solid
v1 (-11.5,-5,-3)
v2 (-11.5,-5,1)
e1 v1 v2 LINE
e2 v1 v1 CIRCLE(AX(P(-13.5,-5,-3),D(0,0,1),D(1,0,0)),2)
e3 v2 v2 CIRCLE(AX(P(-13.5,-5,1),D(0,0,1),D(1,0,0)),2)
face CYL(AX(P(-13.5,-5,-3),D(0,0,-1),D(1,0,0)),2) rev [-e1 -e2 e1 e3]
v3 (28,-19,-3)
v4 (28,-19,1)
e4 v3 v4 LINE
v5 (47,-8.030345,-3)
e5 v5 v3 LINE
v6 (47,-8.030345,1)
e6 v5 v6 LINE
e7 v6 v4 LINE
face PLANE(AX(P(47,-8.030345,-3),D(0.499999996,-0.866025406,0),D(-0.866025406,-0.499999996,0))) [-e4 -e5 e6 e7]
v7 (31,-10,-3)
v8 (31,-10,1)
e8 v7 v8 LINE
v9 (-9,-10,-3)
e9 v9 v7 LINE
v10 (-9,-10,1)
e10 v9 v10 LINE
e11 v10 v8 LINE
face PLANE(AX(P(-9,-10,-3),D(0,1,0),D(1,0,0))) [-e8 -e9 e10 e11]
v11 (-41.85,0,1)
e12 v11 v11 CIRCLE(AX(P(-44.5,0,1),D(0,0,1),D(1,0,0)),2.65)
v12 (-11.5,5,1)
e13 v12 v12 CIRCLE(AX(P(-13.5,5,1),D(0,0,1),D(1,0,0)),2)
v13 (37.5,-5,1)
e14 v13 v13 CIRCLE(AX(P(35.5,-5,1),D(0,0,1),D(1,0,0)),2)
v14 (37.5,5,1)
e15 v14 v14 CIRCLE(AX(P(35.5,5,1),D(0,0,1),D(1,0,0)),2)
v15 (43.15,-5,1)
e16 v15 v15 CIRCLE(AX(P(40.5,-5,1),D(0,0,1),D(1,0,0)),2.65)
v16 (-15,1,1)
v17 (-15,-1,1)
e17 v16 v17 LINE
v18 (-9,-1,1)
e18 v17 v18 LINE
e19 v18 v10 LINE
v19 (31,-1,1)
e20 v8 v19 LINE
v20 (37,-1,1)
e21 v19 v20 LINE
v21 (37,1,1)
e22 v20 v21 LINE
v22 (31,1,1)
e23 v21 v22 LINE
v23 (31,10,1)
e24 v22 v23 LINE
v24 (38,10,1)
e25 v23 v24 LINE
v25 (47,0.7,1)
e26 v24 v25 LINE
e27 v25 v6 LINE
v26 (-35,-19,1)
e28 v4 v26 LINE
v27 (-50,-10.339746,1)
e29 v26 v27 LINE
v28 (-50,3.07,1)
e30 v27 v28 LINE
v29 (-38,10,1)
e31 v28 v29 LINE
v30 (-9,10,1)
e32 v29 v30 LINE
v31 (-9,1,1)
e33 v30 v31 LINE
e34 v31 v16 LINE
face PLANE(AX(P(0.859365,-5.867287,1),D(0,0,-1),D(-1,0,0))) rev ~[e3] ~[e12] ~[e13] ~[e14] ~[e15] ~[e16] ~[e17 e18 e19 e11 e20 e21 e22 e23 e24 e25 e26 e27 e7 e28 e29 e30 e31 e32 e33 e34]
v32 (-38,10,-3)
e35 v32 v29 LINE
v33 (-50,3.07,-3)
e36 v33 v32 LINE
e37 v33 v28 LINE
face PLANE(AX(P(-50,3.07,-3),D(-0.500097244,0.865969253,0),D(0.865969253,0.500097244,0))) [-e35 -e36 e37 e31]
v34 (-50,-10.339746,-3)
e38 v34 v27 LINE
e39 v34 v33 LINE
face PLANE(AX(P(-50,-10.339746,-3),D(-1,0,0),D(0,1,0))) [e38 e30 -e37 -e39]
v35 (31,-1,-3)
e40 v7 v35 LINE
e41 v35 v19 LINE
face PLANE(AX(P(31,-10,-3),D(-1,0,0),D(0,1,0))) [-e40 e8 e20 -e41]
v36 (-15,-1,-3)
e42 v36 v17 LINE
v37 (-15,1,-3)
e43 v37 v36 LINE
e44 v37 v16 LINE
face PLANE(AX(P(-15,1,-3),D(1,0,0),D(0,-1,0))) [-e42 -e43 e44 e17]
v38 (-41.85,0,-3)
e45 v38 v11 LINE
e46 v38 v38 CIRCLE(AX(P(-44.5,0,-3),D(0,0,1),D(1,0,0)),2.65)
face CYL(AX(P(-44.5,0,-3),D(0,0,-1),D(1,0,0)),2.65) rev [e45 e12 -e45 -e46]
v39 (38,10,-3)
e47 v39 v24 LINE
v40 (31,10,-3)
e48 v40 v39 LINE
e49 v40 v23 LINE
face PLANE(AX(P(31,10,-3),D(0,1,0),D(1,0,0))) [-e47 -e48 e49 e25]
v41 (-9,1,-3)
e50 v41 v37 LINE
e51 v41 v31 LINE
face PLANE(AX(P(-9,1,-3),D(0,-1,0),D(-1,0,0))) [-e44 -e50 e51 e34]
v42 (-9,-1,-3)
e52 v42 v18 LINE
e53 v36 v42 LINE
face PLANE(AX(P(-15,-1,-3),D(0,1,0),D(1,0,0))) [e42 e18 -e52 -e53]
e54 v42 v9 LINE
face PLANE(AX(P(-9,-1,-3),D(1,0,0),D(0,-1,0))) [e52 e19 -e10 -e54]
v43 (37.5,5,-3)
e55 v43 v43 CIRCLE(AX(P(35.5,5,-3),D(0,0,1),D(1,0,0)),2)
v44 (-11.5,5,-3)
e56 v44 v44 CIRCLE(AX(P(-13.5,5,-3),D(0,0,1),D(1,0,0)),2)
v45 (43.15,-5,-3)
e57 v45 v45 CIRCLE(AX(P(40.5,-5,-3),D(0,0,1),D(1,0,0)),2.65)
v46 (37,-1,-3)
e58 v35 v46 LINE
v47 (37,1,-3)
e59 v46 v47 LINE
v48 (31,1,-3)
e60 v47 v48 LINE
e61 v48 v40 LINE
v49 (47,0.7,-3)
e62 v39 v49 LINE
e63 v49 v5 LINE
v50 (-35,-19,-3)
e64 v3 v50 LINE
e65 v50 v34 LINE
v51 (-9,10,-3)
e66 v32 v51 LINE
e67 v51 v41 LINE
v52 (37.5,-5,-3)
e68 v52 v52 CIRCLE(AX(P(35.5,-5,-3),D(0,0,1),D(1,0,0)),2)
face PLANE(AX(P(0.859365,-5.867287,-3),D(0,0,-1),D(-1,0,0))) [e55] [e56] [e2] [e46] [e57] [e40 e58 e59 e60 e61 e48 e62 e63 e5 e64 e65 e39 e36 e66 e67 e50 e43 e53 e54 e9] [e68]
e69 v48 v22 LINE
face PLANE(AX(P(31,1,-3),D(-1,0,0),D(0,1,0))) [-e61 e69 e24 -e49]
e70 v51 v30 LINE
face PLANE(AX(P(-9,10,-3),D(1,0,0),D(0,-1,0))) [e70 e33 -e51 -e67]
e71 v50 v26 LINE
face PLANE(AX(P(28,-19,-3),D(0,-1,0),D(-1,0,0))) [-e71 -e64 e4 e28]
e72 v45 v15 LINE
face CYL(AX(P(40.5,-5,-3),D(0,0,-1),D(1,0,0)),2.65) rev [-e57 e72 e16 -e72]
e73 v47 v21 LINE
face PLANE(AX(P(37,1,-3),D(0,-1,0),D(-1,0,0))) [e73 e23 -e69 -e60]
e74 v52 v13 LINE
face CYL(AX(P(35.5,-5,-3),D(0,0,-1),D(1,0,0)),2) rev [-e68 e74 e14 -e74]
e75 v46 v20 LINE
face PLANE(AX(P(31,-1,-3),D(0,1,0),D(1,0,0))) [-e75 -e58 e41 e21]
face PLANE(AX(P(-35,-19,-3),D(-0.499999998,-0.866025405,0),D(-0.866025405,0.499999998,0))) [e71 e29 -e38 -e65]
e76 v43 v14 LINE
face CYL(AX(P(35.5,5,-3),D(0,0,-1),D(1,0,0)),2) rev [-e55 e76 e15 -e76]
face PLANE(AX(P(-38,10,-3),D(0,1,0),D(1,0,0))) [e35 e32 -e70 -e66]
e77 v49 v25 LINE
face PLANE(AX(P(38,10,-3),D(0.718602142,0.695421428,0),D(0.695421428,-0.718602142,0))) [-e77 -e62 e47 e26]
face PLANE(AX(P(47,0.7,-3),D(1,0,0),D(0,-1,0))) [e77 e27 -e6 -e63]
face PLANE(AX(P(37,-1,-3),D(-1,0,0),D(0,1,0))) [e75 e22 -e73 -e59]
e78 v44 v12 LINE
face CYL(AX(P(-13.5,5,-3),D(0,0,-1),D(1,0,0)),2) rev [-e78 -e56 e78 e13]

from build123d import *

# Parameters (mm, degrees)
SKETCH005_R   = 2
SKETCH005_R_2 = 2.65
PAD_DEPTH     = 4


with BuildPart() as part:
    # Sketch005 → Pad (new body)
    with BuildSketch(Plane.XY.offset(-3)):
        Polygon((-38, 10), (-9, 10), (-9, 1), (-15, 1), (-15, -1), (-9, -1), (-9, -10), (31, -10), (31, -1), (37, -1), (37, 1), (31, 1), (31, 10), (38, 10), (47, 0.7), (47, -8.030345), (28, -19), (-35, -19), (-50, -10.339746), (-50, 3.07), align=None)
        with Locations((-13.5, 5)):
            Circle(SKETCH005_R, mode=Mode.SUBTRACT)
        with Locations((-13.5, -5)):
            Circle(SKETCH005_R, mode=Mode.SUBTRACT)
        with Locations((35.5, 5)):
            Circle(SKETCH005_R, mode=Mode.SUBTRACT)
        with Locations((35.5, -5)):
            Circle(SKETCH005_R, mode=Mode.SUBTRACT)
        with Locations((-44.5, 0)):
            Circle(SKETCH005_R_2, mode=Mode.SUBTRACT)
        with Locations((40.5, -5)):
            Circle(SKETCH005_R_2, mode=Mode.SUBTRACT)
    extrude(amount=PAD_DEPTH)


solid = part.part
